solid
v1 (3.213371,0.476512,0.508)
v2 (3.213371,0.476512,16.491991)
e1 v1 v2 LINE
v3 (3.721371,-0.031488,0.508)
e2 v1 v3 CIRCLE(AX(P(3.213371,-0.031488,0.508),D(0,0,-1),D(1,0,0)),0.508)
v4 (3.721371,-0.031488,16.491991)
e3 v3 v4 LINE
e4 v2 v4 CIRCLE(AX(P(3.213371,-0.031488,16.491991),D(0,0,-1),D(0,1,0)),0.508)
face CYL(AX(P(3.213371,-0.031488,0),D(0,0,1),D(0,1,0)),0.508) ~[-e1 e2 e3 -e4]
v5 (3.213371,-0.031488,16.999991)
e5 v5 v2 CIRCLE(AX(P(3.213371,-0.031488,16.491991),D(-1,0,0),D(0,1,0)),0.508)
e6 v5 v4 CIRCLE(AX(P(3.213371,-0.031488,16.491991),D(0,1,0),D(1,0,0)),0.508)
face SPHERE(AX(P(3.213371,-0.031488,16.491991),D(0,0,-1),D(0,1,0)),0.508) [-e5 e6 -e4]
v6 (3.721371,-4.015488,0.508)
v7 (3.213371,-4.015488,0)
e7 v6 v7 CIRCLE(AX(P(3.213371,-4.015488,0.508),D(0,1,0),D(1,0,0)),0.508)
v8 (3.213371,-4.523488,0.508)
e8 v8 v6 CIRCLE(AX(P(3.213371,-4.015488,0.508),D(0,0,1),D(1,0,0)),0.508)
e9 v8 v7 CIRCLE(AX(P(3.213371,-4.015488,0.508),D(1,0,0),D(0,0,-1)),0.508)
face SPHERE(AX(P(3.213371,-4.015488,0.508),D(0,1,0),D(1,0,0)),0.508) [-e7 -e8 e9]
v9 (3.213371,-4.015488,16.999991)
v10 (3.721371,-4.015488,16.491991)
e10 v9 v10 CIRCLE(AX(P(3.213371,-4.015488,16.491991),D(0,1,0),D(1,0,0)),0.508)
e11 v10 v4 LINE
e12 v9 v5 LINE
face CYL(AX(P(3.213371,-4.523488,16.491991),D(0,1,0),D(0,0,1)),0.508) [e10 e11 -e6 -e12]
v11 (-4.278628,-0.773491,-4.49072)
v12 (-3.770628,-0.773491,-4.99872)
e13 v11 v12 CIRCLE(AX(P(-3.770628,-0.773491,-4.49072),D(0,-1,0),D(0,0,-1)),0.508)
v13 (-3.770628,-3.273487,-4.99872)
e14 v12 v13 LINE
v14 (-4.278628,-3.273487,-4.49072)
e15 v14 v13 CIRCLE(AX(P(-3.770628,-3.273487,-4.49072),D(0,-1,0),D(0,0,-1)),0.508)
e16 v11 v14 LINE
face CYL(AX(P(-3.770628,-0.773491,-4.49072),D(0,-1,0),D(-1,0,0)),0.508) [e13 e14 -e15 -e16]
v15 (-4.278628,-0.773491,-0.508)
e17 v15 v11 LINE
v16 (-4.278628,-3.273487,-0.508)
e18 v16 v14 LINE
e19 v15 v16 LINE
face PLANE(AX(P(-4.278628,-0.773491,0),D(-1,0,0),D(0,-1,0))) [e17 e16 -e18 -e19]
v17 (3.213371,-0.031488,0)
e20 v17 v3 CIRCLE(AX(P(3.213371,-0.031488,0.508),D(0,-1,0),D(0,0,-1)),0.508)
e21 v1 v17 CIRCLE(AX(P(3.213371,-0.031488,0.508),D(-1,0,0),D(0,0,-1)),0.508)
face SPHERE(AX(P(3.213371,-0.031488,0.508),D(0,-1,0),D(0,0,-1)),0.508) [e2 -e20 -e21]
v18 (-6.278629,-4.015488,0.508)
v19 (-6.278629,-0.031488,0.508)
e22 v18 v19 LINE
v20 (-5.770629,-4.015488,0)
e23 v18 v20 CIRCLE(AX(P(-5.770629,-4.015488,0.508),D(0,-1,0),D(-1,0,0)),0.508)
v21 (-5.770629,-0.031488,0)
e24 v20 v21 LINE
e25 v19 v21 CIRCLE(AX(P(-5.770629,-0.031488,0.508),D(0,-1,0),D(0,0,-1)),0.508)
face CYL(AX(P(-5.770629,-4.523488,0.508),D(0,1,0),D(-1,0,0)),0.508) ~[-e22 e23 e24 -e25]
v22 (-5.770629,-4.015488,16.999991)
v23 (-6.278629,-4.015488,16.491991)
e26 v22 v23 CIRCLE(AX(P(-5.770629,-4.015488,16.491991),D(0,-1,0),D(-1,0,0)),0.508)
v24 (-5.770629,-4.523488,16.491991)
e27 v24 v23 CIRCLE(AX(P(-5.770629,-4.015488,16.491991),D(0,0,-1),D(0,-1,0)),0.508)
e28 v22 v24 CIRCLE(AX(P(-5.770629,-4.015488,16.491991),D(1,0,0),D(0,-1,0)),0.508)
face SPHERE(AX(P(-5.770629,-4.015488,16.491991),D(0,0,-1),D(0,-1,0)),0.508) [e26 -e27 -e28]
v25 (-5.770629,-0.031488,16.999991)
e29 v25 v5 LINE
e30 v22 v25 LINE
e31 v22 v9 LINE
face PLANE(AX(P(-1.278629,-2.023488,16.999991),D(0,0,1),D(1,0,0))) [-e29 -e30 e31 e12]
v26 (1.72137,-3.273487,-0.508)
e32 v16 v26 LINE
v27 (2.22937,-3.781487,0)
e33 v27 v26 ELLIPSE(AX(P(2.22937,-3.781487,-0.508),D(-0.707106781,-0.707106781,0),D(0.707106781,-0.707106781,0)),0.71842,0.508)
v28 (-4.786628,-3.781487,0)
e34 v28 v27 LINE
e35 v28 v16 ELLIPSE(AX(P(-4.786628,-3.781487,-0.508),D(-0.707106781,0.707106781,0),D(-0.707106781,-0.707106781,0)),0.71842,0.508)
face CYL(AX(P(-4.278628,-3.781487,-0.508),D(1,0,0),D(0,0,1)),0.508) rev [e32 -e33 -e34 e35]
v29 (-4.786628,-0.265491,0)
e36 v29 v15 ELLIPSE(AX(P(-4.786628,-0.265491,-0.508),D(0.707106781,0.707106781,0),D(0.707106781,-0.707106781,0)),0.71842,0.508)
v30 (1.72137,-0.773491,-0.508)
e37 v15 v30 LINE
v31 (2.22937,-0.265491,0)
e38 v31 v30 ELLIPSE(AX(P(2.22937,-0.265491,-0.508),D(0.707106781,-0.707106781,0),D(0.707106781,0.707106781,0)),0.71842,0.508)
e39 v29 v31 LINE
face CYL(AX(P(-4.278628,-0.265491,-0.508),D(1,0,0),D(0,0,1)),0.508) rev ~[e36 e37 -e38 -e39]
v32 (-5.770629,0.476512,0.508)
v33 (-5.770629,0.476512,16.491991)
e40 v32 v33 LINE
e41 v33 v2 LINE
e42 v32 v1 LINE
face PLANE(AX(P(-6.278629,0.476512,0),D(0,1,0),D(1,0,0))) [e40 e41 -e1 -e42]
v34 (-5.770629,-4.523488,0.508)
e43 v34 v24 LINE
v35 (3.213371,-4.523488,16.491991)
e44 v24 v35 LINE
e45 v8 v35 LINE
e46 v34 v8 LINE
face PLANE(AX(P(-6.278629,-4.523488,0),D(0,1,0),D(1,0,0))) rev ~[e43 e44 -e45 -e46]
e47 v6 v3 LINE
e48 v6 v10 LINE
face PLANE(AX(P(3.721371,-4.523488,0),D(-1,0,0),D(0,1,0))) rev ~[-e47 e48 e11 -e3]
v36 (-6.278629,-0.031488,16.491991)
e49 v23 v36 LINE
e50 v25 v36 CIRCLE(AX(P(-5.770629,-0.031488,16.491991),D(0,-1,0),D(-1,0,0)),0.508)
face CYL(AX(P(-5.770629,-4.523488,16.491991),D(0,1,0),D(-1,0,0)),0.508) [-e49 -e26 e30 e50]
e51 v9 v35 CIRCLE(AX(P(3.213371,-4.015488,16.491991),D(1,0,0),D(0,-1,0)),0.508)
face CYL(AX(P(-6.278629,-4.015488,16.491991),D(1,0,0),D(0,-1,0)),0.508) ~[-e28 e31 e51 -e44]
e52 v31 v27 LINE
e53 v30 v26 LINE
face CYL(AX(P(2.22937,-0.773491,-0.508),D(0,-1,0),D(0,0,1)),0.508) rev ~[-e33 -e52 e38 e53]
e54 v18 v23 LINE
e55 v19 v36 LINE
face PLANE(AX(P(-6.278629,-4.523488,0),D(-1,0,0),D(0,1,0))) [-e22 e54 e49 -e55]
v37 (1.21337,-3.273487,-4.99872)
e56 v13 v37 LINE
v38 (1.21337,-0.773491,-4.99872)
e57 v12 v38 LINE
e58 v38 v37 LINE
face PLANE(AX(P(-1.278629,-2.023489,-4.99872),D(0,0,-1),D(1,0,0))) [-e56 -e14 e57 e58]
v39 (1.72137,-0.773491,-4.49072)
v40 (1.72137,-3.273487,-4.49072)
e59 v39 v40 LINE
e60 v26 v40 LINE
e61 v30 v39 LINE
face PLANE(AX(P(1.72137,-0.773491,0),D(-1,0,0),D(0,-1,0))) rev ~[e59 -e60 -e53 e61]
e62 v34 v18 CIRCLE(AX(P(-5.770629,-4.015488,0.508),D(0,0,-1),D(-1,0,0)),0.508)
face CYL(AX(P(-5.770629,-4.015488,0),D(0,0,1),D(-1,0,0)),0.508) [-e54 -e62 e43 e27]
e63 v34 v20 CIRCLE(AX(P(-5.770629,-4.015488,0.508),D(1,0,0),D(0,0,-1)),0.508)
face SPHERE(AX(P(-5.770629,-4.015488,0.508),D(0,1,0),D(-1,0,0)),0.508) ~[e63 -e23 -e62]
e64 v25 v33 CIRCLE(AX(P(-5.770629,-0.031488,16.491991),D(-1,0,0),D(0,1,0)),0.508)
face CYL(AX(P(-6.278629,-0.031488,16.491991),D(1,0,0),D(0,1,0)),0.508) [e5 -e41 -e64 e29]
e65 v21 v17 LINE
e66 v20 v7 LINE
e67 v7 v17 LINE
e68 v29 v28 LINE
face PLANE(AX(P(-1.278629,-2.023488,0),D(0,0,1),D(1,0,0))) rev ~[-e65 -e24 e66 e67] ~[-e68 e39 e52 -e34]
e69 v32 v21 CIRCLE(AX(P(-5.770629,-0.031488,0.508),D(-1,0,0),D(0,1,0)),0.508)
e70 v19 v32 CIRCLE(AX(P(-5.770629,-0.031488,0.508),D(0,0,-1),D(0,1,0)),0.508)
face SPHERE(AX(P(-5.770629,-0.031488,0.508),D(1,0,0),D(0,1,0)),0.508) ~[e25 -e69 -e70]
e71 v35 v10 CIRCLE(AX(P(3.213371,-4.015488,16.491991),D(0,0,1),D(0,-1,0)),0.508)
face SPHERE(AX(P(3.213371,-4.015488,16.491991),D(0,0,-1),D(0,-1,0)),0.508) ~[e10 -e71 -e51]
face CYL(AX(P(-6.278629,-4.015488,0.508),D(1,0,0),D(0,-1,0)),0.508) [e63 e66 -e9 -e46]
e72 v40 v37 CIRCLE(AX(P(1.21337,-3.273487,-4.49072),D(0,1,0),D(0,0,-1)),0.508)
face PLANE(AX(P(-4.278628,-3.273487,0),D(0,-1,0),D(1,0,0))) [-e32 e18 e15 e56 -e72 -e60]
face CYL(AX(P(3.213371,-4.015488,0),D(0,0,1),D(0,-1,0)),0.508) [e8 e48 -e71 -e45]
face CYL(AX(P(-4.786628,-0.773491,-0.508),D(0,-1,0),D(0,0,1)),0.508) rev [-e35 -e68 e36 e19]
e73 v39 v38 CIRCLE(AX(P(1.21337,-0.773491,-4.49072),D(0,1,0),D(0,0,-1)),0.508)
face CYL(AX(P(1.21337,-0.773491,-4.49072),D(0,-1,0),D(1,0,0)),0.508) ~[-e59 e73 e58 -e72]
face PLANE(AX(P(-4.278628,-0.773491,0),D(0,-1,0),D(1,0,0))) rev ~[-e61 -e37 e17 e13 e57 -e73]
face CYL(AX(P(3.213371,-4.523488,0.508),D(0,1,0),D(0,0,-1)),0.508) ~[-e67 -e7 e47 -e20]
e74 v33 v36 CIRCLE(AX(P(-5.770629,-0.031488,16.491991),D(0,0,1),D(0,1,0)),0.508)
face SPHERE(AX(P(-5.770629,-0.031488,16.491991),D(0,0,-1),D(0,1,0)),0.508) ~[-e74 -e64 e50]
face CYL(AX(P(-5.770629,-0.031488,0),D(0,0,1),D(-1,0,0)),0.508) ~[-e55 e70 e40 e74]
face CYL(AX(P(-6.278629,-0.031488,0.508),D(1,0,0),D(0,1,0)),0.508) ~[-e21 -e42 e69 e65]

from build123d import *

# Parameters (mm, degrees)
F0_W     = 10
F0_H     = 5
F1_DEPTH = 16.999991
F2_W     = 5.999998
F2_H     = 2.499995
F3_DEPTH = 4.99872
F4_R     = 0.508


with BuildPart() as f1:
    # F0 (on Top) → F1 (new body)
    with BuildSketch(Plane.XY):
        with Locations((-1.278629, -2.023488)):
            Rectangle(F0_W, F0_H)
    extrude(amount=F1_DEPTH)

    # F2 (on face) → F3 (join)
    with BuildSketch(Plane(origin=(0, 0, 0), x_dir=(1, 0, 0), z_dir=(0, 0, -1))):
        with Locations((-1.278629, 2.023489)):
            Rectangle(F2_W, F2_H)
    extrude(amount=F3_DEPTH)

    # F4
    f4_edges = [f1.edges().sort_by_distance(p)[0] for p in [
        (-1.278629, -0.773491, 0),
        (1.72137, -2.023488, 0),
        (-4.278628, -2.023488, 0),
        (-1.278629, -3.273486, 0),
        (-4.278628, -2.023488, -4.99872),
        (1.72137, -2.023488, -4.99872),
        (3.721371, -2.023488, 0),
        (-1.278629, 0.476512, 0),
        (3.721371, 0.476512, 8.499996),
        (-6.278629, 0.476512, 8.499996),
        (-6.278629, -2.023488, 0),
        (-6.278629, -4.523488, 8.499996),
        (3.721371, -4.523488, 8.499996),
        (-1.278629, -4.523488, 0),
        (-1.278629, -4.523488, 16.999991),
        (-1.278629, 0.476512, 16.999991),
        (-6.278629, -2.023488, 16.999991),
        (3.721371, -2.023488, 16.999991),
    ]]
    fillet(f4_edges, radius=F4_R)


solid = f1.part
